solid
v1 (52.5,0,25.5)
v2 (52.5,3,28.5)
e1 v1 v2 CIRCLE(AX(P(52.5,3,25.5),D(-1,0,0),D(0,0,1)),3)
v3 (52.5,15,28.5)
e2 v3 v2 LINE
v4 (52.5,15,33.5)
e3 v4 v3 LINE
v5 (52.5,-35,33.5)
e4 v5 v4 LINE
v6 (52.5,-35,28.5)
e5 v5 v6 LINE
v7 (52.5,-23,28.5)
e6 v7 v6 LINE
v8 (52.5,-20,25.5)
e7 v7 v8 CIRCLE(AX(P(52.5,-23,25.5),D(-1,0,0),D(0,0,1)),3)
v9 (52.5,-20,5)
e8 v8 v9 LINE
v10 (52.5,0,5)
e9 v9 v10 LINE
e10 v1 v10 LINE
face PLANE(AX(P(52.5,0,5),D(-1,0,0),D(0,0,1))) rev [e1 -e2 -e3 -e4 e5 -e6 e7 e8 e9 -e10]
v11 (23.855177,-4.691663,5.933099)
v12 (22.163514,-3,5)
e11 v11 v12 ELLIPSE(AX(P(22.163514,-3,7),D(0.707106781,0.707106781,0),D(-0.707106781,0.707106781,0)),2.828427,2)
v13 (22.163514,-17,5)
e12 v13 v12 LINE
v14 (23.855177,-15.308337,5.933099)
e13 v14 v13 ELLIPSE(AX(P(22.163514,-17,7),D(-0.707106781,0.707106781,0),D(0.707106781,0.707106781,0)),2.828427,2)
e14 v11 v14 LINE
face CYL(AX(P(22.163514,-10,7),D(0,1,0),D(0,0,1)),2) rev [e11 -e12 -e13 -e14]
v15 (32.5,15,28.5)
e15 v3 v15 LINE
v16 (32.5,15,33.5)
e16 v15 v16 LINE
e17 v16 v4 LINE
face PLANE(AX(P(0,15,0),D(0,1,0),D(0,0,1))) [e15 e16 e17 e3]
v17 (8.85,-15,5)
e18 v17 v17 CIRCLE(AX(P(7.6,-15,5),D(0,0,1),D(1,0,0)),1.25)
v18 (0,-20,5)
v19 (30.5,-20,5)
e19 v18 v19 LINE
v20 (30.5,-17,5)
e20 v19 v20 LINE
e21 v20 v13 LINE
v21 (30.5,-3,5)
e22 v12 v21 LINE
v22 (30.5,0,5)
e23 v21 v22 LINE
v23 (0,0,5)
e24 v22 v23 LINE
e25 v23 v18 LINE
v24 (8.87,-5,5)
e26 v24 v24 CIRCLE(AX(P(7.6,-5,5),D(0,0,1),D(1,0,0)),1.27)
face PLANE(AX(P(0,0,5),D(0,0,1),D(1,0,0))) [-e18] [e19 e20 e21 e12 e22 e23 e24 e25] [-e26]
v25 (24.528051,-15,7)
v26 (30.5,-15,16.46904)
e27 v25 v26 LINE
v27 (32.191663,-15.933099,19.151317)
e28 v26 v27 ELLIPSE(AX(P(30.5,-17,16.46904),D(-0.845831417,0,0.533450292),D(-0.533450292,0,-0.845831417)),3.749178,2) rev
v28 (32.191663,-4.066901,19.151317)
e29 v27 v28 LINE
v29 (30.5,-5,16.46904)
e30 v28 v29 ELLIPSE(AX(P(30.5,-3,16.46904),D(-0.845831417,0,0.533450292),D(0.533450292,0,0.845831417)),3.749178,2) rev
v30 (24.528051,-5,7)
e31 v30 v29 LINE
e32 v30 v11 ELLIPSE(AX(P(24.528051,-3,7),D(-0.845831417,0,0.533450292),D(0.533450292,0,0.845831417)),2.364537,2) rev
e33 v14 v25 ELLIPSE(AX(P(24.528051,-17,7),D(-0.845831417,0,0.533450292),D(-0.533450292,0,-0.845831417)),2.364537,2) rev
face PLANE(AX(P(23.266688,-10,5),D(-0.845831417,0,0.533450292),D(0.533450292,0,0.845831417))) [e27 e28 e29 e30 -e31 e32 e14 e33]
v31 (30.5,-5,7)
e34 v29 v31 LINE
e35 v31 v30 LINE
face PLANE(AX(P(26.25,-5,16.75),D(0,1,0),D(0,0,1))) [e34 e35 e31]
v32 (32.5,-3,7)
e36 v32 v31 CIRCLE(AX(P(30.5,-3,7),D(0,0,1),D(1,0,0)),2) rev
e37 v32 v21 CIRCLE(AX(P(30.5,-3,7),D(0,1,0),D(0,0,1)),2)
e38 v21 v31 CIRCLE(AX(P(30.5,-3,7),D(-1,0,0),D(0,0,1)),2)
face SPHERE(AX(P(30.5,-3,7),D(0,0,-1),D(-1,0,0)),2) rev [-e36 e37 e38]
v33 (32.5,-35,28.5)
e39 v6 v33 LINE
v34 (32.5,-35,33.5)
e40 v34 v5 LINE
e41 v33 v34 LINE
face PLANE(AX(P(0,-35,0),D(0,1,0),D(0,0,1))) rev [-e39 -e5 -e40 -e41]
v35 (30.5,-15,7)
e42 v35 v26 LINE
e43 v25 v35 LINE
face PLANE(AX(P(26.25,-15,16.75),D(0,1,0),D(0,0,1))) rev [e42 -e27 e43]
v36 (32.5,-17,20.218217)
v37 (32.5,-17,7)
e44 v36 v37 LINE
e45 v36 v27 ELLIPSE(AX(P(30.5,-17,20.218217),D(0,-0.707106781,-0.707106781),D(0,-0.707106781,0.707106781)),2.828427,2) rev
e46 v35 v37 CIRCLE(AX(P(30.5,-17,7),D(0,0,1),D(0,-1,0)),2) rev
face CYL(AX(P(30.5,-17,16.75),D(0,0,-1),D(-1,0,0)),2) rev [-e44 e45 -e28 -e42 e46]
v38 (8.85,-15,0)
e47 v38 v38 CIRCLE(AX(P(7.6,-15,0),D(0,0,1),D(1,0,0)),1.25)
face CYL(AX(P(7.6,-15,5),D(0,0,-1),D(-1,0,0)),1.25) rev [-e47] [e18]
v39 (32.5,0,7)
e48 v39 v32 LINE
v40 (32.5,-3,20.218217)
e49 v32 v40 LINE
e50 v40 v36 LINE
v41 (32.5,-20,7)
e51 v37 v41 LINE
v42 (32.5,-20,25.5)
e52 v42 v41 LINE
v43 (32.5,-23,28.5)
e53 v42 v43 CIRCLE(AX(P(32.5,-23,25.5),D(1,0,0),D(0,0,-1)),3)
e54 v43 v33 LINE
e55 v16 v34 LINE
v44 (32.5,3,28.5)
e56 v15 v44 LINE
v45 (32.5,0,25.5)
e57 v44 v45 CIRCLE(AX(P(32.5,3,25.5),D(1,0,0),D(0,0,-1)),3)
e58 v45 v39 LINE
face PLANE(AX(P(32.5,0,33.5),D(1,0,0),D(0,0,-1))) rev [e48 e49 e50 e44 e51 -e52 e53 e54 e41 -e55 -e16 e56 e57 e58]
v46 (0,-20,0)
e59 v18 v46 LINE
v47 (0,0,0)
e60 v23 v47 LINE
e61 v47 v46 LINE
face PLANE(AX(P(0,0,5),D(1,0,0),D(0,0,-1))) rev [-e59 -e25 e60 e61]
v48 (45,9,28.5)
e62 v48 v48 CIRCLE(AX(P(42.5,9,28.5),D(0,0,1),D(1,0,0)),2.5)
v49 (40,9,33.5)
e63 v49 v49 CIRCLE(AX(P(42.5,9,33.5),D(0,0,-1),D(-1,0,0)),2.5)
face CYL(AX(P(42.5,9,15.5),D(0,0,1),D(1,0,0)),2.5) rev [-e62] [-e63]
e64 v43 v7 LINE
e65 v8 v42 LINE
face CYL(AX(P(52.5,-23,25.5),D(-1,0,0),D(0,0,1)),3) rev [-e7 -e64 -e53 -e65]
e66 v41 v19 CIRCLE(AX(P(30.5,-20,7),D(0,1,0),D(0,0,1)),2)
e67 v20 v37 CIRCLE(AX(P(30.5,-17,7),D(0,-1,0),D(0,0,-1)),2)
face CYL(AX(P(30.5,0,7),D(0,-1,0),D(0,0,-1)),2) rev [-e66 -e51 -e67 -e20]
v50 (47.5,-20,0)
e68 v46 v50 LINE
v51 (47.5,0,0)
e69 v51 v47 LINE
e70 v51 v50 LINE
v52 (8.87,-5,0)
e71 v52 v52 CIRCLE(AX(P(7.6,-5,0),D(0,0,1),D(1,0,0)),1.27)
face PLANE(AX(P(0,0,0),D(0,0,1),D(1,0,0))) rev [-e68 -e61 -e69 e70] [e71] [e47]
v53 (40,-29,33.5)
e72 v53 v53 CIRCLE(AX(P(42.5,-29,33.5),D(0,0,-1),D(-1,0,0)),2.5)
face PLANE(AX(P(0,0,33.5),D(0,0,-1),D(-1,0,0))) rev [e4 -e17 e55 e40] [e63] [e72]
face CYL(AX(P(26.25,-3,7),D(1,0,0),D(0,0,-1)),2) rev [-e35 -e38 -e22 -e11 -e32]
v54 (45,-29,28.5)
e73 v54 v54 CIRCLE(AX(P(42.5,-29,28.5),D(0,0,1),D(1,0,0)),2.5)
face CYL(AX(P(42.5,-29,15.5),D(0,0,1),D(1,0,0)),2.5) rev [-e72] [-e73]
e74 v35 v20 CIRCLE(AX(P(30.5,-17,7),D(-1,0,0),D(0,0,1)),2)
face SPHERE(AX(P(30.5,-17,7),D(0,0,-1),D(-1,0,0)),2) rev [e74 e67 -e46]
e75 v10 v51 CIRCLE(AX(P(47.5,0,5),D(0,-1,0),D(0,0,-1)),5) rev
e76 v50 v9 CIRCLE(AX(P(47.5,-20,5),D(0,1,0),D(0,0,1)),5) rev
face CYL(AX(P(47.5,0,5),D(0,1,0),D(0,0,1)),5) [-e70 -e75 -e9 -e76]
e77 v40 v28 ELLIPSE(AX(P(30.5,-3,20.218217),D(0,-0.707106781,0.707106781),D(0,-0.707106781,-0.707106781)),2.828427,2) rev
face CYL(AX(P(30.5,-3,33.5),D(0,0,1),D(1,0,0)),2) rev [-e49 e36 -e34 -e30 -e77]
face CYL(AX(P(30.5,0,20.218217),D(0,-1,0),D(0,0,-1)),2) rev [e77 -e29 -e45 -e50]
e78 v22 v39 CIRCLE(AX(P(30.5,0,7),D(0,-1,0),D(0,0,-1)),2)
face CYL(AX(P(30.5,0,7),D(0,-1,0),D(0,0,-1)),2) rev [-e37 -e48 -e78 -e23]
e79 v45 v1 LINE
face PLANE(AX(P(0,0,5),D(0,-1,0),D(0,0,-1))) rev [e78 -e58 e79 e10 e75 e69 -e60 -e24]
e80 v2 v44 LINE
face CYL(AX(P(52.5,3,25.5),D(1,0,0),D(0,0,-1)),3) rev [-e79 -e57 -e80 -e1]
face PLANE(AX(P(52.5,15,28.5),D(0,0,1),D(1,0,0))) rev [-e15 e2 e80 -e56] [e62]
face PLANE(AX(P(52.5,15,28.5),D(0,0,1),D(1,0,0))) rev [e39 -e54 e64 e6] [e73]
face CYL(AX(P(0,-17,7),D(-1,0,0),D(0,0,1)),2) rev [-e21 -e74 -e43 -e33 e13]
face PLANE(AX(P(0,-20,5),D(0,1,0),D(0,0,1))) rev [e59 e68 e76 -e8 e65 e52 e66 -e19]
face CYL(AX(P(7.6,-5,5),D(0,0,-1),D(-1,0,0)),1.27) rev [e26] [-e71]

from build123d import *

# Parameters (mm, degrees)
SKETCH_1_W          = 52.5
SKETCH_1_H          = 20
SKETCH_1_R          = 1.27
SKETCH_1_R_2        = 1.25
EXTRUDE_1_DEPTH     = 5
SKETCH_2_W          = 20
SKETCH_2_H          = 20
EXTRUDE_2_DEPTH     = 28.5
SKETCH_4_W          = 20
SKETCH_4_H          = 5
EXTRUDE_3_DEPTH     = 25
SKETCH_5_R          = 2.5
CUT_EXTRUDE_1_DEPTH = 18
FILLET_1_R          = 3
RIB_1_REACH         = 69.108
SKETCH_6_WALL_W     = 153.524907632
SKETCH_6_WALL_H     = 10
FILLET_2_R          = 5
FILLET_3_R          = 2


with BuildPart() as part:
    # 草图1 → 凸台-拉伸1 (new body)
    with BuildSketch(Plane.XY):
        with Locations((26.25, -10)):
            Rectangle(SKETCH_1_W, SKETCH_1_H)
        with Locations((7.6, -5)):
            Circle(SKETCH_1_R, mode=Mode.SUBTRACT)
        with Locations((7.6, -15)):
            Circle(SKETCH_1_R_2, mode=Mode.SUBTRACT)
    extrude(amount=EXTRUDE_1_DEPTH)

    # 草图2 → 凸台-拉伸2 (add)
    with BuildSketch(Plane.XY.offset(5)):
        with Locations((42.5, -10)):
            Rectangle(SKETCH_2_W, SKETCH_2_H)
    extrude(amount=EXTRUDE_2_DEPTH)

    # 草图4 → 凸台-拉伸3 (add, symmetric)
    with BuildSketch(Plane(origin=(0, -10, 0), x_dir=(1, 0, 0), z_dir=(0, 1, 0))):
        with Locations((42.5, -31)):
            Rectangle(SKETCH_4_W, SKETCH_4_H)
    extrude(amount=EXTRUDE_3_DEPTH, both=True)

    # 草图5 → 切除-拉伸1 (cut, symmetric)
    with BuildSketch(Plane.XY.offset(33.5)):
        with Locations((42.5, 9)):
            Circle(SKETCH_5_R)
        with Locations((42.5, -29)):
            Circle(SKETCH_5_R)
    extrude(amount=CUT_EXTRUDE_1_DEPTH, both=True, mode=Mode.SUBTRACT)

    # 圆角1
    fillet_1_edges = [part.edges().sort_by_distance(p)[0] for p in [
        (42.5, -20, 28.5),
        (42.5, 0, 28.5),
    ]]
    fillet(fillet_1_edges, radius=FILLET_1_R)

    # 草图6 wall → 筋1 (add, up to next)
    with BuildSketch(Plane(origin=(27.883344013, -10, 12.320105985), x_dir=(0.533450292048, 0, 0.845831416959), z_dir=(0.845831416959, 0, -0.533450292048)), mode=Mode.PRIVATE) as rib_1_sk1:
        Rectangle(SKETCH_6_WALL_W, SKETCH_6_WALL_H)
    rib_1_tool1 = extrude(rib_1_sk1.sketch, amount=RIB_1_REACH, mode=Mode.PRIVATE) - part.part
    add(rib_1_tool1.solids().sort_by_distance((27.883344013, -10, 12.320105985))[0])

    # 圆角2
    fillet_2_edges = [part.edges().sort_by_distance(p)[0] for p in [
        (52.5, -10, 0),
    ]]
    fillet(fillet_2_edges, radius=FILLET_2_R)

    # 圆角3
    fillet_3_edges = [part.edges().sort_by_distance(p)[0] for p in [
        (32.5, -2.5, 5),
        (32.5, -17.5, 5),
        (23.266688025, -10, 5),
        (32.5, -5, 12.320105985),
        (27.883344013, -15, 5),
        (32.5, -10, 19.640211969),
        (27.883344013, -5, 5),
        (32.5, -15, 12.320105985),
    ]]
    fillet(fillet_3_edges, radius=FILLET_3_R)


solid = part.part
